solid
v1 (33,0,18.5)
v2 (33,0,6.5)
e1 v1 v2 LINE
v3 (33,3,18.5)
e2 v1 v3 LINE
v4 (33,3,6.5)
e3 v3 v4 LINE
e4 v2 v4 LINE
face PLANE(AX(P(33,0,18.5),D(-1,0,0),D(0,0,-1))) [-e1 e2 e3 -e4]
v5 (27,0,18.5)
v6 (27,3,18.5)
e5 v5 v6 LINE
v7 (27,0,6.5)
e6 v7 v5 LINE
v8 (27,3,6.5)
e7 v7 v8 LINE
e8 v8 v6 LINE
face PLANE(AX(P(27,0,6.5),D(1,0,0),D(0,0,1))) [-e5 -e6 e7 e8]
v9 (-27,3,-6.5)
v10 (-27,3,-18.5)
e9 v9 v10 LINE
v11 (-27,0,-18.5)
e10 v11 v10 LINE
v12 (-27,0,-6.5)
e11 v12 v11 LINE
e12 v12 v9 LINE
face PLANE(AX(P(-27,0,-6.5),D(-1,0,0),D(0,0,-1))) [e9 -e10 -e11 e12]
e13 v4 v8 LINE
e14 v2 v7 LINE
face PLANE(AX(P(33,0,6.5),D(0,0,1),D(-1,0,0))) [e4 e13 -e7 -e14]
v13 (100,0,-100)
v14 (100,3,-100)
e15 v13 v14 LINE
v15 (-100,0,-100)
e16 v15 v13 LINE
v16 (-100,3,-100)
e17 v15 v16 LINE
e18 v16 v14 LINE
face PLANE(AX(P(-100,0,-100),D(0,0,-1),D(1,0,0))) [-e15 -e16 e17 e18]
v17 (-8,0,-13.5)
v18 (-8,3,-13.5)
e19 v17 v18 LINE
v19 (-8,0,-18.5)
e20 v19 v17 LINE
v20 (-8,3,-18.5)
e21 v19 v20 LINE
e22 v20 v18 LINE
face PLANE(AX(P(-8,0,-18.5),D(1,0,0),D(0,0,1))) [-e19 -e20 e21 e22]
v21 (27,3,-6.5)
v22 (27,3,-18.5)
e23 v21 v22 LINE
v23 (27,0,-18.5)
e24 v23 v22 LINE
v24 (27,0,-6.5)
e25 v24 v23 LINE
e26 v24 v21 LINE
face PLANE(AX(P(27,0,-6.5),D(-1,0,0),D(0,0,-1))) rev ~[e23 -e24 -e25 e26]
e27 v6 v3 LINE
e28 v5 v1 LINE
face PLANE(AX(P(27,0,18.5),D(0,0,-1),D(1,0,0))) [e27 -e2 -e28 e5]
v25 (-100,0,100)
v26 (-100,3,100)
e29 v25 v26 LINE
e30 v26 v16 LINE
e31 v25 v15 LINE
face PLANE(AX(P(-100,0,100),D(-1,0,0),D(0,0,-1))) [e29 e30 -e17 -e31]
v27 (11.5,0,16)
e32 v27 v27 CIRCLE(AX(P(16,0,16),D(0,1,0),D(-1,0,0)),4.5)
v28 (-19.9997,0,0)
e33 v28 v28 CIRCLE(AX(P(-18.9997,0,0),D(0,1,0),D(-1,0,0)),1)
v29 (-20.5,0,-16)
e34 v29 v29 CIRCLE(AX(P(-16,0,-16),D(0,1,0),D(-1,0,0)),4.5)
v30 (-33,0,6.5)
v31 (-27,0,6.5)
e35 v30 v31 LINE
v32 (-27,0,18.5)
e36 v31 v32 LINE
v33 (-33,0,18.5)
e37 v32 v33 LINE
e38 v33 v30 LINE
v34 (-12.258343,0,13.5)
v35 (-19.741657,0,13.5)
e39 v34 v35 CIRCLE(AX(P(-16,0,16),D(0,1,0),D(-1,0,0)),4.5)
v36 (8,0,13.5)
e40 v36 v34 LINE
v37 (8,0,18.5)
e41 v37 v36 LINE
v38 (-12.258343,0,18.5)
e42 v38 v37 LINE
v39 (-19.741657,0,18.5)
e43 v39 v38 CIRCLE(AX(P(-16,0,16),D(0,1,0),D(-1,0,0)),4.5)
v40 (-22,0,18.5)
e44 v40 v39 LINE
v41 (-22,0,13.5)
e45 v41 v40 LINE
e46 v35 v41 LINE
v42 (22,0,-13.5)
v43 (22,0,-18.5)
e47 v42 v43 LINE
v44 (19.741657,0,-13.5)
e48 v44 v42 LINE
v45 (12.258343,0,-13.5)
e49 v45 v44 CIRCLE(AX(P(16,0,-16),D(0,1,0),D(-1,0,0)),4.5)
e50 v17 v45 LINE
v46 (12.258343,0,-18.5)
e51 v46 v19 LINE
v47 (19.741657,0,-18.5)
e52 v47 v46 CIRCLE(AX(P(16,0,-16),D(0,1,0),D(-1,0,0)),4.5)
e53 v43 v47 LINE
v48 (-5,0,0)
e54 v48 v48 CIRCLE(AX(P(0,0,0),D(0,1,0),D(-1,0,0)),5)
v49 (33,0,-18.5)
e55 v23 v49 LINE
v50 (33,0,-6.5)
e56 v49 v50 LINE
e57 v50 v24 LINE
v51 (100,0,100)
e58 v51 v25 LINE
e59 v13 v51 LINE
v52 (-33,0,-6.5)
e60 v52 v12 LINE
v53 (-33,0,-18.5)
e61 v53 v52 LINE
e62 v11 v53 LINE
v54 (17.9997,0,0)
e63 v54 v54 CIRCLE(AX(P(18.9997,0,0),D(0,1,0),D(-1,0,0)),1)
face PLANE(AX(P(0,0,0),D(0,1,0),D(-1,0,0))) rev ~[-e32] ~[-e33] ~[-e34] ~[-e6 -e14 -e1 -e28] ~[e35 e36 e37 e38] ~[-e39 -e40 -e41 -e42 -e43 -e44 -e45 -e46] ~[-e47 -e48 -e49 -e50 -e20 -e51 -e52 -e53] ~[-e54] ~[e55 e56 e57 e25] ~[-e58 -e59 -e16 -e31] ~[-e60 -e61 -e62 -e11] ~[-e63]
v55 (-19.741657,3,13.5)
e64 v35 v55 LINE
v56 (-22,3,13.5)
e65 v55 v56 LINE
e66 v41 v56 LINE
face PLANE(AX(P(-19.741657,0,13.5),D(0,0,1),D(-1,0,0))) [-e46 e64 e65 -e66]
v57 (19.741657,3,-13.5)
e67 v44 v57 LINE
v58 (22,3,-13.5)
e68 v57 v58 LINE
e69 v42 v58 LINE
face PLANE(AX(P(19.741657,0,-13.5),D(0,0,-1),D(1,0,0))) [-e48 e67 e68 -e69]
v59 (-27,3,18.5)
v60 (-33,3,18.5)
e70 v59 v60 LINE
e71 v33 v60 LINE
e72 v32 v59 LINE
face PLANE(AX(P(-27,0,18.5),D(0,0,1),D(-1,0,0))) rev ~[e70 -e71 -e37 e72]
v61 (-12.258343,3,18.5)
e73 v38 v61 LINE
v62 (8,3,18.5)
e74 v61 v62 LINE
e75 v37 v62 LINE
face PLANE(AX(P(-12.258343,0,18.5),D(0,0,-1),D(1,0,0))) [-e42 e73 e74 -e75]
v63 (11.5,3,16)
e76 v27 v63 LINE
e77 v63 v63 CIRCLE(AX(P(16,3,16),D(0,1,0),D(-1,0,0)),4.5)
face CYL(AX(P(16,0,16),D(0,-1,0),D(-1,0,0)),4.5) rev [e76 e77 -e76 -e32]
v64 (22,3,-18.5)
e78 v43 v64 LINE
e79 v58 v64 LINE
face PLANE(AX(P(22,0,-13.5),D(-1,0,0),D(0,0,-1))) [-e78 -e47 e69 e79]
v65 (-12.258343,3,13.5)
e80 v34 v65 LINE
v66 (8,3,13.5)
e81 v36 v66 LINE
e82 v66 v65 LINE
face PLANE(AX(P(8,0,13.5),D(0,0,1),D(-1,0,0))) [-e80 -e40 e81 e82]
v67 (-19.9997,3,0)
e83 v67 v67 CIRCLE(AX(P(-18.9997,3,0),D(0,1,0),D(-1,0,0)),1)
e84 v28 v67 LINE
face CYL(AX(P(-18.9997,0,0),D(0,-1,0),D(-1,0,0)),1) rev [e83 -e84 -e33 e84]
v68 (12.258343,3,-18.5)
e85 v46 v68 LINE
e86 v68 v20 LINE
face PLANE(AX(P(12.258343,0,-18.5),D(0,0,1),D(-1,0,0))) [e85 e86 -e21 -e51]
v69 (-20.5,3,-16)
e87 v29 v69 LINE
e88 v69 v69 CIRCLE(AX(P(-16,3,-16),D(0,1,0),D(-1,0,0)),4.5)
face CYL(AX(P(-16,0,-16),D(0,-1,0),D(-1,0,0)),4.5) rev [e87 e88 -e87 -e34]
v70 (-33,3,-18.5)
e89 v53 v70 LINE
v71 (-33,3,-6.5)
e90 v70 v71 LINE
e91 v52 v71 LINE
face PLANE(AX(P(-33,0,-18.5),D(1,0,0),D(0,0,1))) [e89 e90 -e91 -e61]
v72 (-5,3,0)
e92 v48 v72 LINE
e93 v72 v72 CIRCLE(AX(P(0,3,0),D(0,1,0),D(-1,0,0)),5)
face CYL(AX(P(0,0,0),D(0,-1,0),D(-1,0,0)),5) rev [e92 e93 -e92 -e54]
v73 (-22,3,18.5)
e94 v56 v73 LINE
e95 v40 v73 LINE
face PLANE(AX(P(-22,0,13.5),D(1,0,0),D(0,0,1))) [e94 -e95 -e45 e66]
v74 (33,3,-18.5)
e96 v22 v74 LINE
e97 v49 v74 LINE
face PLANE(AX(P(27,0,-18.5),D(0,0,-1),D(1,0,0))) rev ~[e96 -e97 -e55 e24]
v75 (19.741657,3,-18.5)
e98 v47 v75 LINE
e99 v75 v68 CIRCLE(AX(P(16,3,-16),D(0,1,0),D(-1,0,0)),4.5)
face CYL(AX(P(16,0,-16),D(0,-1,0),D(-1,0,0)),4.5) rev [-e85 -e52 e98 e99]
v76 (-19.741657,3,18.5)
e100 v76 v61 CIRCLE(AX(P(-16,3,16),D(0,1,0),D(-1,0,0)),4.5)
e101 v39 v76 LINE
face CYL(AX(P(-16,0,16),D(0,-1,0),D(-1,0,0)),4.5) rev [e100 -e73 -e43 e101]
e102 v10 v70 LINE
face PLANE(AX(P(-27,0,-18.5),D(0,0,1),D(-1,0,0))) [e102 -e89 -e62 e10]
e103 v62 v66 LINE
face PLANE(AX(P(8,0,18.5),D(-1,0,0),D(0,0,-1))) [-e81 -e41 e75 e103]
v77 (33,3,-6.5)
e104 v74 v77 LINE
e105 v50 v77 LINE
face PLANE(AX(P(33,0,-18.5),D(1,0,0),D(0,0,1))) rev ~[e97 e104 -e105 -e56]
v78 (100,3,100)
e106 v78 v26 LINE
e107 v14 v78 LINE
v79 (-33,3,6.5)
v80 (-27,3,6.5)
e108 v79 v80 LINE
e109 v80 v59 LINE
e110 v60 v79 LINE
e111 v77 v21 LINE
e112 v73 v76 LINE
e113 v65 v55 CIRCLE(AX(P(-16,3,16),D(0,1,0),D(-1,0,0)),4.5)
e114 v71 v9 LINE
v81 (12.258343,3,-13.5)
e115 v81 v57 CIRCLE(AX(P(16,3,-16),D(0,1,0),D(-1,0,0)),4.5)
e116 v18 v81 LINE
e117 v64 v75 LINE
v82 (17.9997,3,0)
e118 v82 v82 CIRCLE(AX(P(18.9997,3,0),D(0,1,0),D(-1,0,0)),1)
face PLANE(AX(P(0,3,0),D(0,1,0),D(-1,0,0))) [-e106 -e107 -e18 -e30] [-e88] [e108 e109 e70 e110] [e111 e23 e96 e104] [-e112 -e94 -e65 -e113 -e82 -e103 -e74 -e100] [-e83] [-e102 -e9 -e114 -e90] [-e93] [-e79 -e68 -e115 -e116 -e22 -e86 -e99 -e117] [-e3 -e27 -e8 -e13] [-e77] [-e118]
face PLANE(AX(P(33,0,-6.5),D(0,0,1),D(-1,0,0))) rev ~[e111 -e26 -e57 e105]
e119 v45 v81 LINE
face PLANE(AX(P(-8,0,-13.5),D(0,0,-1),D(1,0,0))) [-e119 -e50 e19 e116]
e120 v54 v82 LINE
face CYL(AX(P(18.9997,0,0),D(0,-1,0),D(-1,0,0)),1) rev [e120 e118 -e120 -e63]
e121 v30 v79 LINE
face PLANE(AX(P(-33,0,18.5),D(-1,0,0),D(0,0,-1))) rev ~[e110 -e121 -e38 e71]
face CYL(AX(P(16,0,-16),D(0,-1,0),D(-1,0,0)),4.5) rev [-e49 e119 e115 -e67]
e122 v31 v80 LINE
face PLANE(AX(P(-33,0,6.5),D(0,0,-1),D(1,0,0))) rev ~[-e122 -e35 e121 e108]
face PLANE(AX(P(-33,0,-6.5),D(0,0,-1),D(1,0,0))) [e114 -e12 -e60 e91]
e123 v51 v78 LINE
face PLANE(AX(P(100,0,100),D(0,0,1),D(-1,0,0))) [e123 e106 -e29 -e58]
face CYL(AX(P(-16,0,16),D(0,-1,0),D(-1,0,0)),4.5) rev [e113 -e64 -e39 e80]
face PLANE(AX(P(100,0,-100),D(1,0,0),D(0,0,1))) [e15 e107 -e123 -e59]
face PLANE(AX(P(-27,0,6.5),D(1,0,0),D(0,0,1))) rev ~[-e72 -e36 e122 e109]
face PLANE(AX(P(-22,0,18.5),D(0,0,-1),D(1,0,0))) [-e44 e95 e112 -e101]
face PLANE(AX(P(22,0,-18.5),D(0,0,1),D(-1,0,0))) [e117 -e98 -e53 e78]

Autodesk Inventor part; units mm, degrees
ref_plane "YZ Plane" through (0, 0, 0) normal (1, 0, 0) x (0, 1, 0)
ref_plane "XZ Plane" through (0, 0, 0) normal (0, 1, 0) x (-1, 0, 0)
ref_plane "XY Plane" through (0, 0, 0) normal (0, 0, 1) x (1, 0, 0)
sketch "Sketch1" plane through (0, 0, 0) normal (0, 1, 0) x (-1, 0, 0)
  point P0 (0, 0)
sketch "Sketch2" plane through (0, 0, 0) normal (0, 1, 0) x (-1, 0, 0)
  line L0 (-100, 100) -> (100, 100)
  line L1 (100, 100) -> (100, -100)
  line L2 (100, -100) -> (-100, -100)
  line L3 (-100, -100) -> (-100, 100)
  line L4 (-100, 100) -> (100, -100) construction
  line L5 (100, 100) -> (-100, -100) construction
  line L6 (27, -18.5) -> (33, -18.5)
  line L7 (33, -18.5) -> (33, -6.5)
  line L8 (33, -6.5) -> (27, -6.5)
  line L9 (27, -6.5) -> (27, -18.5)
  line L10 (27, -18.5) -> (33, -6.5) construction
  line L11 (33, -18.5) -> (27, -6.5) construction
  line L12 (0, 100) -> (0, -100) construction
  line L13 (100, 0) -> (-100, 0) construction
  circle A0 centre (0, 0) radius 5
  circle A1 centre (16, -16) radius 4.5
  circle A2 centre (-16, 16) radius 4.5
  line L14 (8, -13.5) -> (-22, -13.5)
  line L15 (-22, -13.5) -> (-22, -18.5)
  line L16 (-22, -18.5) -> (8, -18.5)
  line L17 (8, -18.5) -> (8, -13.5)
  line L18 (-8, 13.5) -> (22, 13.5)
  line L19 (22, 13.5) -> (22, 18.5)
  line L20 (22, 18.5) -> (-8, 18.5)
  line L21 (-8, 18.5) -> (-8, 13.5)
  circle A3 centre (18.9997, 0) radius 1
  circle A4 centre (-18.9997, 0) radius 1
  line L22 (27, 18.5) -> (33, 18.5)
  line L23 (33, 18.5) -> (33, 6.5)
  line L24 (33, 6.5) -> (27, 6.5)
  line L25 (27, 6.5) -> (27, 18.5)
  line L26 (27, 18.5) -> (33, 6.5) construction
  line L27 (33, 18.5) -> (27, 6.5) construction
  line L28 (-27, -18.5) -> (-33, -18.5)
  line L29 (-33, -18.5) -> (-33, -6.5)
  line L30 (-33, -6.5) -> (-27, -6.5)
  line L31 (-27, -6.5) -> (-27, -18.5)
  line L32 (-27, -18.5) -> (-33, -6.5) construction
  line L33 (-33, -18.5) -> (-27, -6.5) construction
  line L34 (-27, 6.5) -> (-27, 18.5)
  line L35 (-27, 18.5) -> (-33, 18.5)
  line L36 (-33, 18.5) -> (-33, 6.5)
  line L37 (-27, 18.5) -> (-33, 6.5) construction
  line L38 (-33, 18.5) -> (-27, 6.5) construction
  line L39 (-33, 6.5) -> (-27, 6.5)
  circle A5 centre (16, 16) radius 4.5
  circle A6 centre (-16, -16) radius 4.5
  point P0 (30, -12.5)
  point P1 (30, 12.5)
  point P2 (-30, -12.5)
  point P3 (-30, 12.5)
  dimension "d0" = 200
  dimension "d1" = 200
  dimension "d3" = 12
  dimension "d5" = 10
  dimension "d8" = 9
  dimension "d10" = 16
  dimension "d11" = 16
  dimension "d15" = 30
  dimension "d16" = 5
  dimension "d17" = 13.5
  dimension "d18" = 8
  dimension "d19" = 30
  dimension "d20" = 5
  dimension "d21" = 13.5
  dimension "d22" = 8
  dimension "d23" = 2
  dimension "d24" = 8.0003
  dimension "d27" = 6
  dimension "d30" = 30
extrude "Extrusion1" add sketch "Sketch2" along normal blind 3
properties part number "thumper-base-v2"
